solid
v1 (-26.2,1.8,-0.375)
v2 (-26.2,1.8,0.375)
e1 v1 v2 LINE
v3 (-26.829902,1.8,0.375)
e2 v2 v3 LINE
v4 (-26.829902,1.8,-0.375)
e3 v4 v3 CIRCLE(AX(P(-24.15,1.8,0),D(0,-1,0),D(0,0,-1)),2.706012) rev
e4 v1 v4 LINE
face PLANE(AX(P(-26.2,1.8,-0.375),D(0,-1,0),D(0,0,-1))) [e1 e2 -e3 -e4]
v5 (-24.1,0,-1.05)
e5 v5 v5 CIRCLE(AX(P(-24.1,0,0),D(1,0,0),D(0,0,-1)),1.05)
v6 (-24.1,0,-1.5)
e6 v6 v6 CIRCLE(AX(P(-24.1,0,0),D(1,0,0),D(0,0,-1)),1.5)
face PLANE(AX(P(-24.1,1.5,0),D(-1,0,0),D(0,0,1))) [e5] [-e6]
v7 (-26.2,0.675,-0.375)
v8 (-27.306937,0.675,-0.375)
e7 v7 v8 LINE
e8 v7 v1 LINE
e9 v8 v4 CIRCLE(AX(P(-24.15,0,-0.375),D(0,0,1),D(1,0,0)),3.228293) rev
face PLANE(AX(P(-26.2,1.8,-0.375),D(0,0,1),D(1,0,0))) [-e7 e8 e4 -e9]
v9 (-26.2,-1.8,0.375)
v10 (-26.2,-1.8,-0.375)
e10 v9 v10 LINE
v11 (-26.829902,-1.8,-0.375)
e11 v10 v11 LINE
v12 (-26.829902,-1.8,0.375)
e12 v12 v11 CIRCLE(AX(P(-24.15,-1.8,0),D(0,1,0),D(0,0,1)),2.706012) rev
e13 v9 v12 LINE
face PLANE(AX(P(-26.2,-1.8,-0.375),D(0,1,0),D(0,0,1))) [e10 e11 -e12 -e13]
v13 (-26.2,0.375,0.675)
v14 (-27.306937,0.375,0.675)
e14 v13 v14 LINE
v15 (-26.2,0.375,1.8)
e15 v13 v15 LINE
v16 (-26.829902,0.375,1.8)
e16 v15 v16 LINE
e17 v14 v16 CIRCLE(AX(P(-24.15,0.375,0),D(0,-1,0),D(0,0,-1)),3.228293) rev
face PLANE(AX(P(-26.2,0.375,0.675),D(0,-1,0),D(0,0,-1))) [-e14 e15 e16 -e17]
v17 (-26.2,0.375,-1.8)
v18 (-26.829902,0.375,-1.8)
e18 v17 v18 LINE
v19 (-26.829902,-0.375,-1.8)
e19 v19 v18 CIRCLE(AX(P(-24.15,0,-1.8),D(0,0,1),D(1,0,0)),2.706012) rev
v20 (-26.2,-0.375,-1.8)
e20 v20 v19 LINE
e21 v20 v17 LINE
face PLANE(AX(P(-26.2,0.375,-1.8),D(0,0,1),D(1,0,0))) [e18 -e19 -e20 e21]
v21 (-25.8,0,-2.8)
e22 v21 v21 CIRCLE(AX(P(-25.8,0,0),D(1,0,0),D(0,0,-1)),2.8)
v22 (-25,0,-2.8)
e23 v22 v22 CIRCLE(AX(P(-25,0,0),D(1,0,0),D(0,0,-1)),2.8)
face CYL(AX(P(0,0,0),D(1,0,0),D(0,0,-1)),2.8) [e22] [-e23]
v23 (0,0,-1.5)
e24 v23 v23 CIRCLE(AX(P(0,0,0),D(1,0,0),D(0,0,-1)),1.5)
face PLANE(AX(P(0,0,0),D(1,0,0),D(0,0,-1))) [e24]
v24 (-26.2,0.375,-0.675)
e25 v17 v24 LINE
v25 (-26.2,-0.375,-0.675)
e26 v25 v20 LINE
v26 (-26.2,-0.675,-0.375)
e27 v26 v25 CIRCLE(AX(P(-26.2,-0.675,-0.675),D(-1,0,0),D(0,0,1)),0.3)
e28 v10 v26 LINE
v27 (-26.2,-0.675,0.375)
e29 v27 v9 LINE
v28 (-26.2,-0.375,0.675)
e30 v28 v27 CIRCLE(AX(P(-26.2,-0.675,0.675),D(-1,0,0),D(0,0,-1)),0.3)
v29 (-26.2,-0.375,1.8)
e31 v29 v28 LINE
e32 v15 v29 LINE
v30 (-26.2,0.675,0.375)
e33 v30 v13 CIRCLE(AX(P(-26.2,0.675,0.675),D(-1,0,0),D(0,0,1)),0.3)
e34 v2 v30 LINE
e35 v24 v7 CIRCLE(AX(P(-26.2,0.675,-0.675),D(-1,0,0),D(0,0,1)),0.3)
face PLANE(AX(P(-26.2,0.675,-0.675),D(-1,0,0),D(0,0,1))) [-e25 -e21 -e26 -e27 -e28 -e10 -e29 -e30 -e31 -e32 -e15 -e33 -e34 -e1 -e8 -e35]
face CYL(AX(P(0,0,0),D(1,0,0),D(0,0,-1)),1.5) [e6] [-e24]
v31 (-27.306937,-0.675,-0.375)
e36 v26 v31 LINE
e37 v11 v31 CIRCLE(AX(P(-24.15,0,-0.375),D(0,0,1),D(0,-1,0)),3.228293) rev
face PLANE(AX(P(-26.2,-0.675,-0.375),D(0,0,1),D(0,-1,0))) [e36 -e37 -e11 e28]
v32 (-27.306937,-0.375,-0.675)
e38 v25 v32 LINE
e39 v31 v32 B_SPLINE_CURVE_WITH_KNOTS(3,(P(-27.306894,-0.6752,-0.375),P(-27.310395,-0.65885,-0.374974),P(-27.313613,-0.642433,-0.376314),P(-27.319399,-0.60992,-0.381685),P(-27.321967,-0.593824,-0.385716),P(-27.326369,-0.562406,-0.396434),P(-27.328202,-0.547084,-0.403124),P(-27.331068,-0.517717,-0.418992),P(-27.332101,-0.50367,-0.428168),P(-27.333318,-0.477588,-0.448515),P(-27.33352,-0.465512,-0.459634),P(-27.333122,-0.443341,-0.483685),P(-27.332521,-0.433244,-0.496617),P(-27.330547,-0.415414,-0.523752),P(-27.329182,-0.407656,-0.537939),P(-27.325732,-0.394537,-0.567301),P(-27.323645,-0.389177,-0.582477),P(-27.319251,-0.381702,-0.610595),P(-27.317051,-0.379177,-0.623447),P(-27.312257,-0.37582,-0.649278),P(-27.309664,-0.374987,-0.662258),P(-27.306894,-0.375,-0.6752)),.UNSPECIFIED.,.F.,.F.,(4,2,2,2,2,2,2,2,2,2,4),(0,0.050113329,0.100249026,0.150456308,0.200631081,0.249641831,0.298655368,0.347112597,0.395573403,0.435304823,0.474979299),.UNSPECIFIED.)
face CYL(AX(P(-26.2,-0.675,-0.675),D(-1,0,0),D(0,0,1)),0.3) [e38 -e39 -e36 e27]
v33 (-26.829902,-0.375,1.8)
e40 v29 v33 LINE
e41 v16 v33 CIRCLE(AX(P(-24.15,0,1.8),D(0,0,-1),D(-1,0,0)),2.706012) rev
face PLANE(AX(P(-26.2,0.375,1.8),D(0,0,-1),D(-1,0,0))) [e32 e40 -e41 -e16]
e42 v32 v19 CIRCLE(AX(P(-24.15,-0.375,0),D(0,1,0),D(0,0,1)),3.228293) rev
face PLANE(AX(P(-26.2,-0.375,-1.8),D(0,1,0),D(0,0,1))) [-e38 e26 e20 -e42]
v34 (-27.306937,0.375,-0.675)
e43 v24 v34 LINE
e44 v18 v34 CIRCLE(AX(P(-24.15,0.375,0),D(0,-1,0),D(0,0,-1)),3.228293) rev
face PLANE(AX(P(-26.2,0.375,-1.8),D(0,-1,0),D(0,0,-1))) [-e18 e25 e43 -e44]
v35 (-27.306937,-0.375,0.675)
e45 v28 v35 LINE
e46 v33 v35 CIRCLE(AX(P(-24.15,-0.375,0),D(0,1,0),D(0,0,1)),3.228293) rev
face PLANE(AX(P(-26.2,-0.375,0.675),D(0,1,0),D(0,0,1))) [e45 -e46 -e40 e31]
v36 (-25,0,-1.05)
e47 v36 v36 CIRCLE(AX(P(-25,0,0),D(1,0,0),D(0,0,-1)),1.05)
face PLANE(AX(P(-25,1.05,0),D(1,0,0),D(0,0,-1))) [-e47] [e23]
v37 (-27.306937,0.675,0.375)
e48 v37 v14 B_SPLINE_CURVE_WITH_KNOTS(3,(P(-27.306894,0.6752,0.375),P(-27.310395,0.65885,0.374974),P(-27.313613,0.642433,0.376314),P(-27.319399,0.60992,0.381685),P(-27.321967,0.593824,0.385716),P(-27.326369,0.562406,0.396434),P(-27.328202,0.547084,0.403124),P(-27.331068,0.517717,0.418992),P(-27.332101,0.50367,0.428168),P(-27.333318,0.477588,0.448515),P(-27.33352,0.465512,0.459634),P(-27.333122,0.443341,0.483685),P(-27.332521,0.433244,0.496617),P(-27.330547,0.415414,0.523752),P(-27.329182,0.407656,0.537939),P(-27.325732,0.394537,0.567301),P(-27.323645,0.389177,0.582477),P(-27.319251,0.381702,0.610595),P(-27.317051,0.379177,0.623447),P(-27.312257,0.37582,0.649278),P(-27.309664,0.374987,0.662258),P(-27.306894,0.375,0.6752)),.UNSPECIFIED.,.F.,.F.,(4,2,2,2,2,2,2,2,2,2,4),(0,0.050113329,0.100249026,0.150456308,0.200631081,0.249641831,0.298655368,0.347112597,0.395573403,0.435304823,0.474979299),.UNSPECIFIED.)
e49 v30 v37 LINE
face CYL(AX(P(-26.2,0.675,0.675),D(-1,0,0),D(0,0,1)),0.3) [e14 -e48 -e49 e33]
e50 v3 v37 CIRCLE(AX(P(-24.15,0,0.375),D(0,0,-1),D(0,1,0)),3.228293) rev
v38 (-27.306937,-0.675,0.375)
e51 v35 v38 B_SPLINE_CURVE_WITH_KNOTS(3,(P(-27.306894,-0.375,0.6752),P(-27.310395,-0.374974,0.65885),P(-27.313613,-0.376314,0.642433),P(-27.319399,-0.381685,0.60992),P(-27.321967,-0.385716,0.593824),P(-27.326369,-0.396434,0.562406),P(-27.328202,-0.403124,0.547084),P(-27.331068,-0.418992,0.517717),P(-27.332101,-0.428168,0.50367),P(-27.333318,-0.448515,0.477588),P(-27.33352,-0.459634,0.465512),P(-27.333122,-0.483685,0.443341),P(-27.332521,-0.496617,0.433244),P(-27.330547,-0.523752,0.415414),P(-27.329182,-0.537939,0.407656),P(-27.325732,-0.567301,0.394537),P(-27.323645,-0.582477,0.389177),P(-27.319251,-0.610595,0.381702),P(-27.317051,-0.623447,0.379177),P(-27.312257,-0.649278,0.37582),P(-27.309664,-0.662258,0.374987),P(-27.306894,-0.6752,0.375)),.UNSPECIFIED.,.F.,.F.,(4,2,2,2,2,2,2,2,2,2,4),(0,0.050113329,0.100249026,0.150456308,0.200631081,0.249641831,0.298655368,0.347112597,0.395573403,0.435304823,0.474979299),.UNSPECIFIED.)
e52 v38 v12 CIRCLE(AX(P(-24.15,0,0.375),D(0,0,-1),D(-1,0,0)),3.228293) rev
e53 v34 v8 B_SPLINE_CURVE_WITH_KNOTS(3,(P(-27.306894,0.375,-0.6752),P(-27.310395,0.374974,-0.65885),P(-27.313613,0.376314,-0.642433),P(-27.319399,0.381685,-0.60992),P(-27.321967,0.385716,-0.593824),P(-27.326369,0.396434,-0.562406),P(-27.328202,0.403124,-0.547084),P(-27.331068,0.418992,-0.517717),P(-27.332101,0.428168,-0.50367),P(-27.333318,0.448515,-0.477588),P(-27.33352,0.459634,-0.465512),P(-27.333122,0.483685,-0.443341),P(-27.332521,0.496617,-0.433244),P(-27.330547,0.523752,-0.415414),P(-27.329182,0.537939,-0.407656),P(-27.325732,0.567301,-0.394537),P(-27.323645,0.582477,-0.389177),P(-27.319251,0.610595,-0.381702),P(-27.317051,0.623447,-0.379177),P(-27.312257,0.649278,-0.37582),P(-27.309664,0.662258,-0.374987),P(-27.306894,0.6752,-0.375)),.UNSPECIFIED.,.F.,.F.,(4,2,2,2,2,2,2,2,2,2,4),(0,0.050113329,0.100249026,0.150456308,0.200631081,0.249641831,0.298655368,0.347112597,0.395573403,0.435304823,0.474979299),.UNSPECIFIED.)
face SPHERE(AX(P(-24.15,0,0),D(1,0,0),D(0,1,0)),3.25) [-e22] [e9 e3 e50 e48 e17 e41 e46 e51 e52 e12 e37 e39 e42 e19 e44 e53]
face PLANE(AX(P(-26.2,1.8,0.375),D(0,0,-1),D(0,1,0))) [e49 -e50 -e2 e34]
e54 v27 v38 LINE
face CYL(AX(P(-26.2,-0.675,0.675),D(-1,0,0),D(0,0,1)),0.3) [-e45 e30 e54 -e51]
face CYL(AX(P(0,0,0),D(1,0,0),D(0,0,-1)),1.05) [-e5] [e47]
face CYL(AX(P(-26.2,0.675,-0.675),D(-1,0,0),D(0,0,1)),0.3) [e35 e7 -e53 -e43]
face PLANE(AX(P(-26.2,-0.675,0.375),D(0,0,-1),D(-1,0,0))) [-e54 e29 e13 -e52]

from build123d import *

# Parameters (mm, degrees)
CUT_EXTRUDE_5_DEPTH = 1.2


with BuildPart() as part:
    # 草图2 → 旋转1 (revolve)
    with BuildSketch(Plane.XY):
        with BuildLine():
            Line((0, 0), (0, 1.5))
            Line((0, 1.5), (-24.1, 1.5))
            Line((-24.1, 1.5), (-24.1, 1.05))
            Line((-24.1, 1.05), (-25, 1.05))
            Line((-25, 1.05), (-25, 2.8))
            Line((-25, 2.8), (-25.8, 2.8))
            ThreePointArc((-25.8, 2.8), (-26.971790212, 1.61245155), (-27.4, 0))
            Line((-27.4, 0), (0, 0))
        make_face()
    revolve(axis=Axis((0, 0, 0), (-1, 0, 0)))

    # 草图3 → 切除-拉伸5 (cut)
    with BuildSketch(Plane(origin=(-27.4, 0, 0), x_dir=(0, 0, -1), z_dir=(1, 0, 0))):
        with BuildLine():
            Line((0.375, 1.8), (-0.375, 1.8))
            Line((-0.375, 1.8), (-0.375, 0.675))
            ThreePointArc((-0.375, 0.675), (-0.462867966, 0.462867966), (-0.675, 0.375))
            Line((-0.675, 0.375), (-1.8, 0.375))
            Line((-1.8, 0.375), (-1.8, -0.375))
            Line((-1.8, -0.375), (-0.675, -0.375))
            ThreePointArc((-0.675, -0.375), (-0.462867966, -0.462867966), (-0.375, -0.675))
            Line((-0.375, -0.675), (-0.375, -1.8))
            Line((-0.375, -1.8), (0.375, -1.8))
            Line((0.375, -1.8), (0.375, -0.675))
            ThreePointArc((0.375, -0.675), (0.462867966, -0.462867966), (0.675, -0.375))
            Line((0.675, -0.375), (1.8, -0.375))
            Line((1.8, -0.375), (1.8, 0.375))
            Line((1.8, 0.375), (0.675, 0.375))
            ThreePointArc((0.675, 0.375), (0.462867966, 0.462867966), (0.375, 0.675))
            Line((0.375, 0.675), (0.375, 1.8))
        make_face()
    extrude(amount=CUT_EXTRUDE_5_DEPTH, mode=Mode.SUBTRACT)


solid = part.part
